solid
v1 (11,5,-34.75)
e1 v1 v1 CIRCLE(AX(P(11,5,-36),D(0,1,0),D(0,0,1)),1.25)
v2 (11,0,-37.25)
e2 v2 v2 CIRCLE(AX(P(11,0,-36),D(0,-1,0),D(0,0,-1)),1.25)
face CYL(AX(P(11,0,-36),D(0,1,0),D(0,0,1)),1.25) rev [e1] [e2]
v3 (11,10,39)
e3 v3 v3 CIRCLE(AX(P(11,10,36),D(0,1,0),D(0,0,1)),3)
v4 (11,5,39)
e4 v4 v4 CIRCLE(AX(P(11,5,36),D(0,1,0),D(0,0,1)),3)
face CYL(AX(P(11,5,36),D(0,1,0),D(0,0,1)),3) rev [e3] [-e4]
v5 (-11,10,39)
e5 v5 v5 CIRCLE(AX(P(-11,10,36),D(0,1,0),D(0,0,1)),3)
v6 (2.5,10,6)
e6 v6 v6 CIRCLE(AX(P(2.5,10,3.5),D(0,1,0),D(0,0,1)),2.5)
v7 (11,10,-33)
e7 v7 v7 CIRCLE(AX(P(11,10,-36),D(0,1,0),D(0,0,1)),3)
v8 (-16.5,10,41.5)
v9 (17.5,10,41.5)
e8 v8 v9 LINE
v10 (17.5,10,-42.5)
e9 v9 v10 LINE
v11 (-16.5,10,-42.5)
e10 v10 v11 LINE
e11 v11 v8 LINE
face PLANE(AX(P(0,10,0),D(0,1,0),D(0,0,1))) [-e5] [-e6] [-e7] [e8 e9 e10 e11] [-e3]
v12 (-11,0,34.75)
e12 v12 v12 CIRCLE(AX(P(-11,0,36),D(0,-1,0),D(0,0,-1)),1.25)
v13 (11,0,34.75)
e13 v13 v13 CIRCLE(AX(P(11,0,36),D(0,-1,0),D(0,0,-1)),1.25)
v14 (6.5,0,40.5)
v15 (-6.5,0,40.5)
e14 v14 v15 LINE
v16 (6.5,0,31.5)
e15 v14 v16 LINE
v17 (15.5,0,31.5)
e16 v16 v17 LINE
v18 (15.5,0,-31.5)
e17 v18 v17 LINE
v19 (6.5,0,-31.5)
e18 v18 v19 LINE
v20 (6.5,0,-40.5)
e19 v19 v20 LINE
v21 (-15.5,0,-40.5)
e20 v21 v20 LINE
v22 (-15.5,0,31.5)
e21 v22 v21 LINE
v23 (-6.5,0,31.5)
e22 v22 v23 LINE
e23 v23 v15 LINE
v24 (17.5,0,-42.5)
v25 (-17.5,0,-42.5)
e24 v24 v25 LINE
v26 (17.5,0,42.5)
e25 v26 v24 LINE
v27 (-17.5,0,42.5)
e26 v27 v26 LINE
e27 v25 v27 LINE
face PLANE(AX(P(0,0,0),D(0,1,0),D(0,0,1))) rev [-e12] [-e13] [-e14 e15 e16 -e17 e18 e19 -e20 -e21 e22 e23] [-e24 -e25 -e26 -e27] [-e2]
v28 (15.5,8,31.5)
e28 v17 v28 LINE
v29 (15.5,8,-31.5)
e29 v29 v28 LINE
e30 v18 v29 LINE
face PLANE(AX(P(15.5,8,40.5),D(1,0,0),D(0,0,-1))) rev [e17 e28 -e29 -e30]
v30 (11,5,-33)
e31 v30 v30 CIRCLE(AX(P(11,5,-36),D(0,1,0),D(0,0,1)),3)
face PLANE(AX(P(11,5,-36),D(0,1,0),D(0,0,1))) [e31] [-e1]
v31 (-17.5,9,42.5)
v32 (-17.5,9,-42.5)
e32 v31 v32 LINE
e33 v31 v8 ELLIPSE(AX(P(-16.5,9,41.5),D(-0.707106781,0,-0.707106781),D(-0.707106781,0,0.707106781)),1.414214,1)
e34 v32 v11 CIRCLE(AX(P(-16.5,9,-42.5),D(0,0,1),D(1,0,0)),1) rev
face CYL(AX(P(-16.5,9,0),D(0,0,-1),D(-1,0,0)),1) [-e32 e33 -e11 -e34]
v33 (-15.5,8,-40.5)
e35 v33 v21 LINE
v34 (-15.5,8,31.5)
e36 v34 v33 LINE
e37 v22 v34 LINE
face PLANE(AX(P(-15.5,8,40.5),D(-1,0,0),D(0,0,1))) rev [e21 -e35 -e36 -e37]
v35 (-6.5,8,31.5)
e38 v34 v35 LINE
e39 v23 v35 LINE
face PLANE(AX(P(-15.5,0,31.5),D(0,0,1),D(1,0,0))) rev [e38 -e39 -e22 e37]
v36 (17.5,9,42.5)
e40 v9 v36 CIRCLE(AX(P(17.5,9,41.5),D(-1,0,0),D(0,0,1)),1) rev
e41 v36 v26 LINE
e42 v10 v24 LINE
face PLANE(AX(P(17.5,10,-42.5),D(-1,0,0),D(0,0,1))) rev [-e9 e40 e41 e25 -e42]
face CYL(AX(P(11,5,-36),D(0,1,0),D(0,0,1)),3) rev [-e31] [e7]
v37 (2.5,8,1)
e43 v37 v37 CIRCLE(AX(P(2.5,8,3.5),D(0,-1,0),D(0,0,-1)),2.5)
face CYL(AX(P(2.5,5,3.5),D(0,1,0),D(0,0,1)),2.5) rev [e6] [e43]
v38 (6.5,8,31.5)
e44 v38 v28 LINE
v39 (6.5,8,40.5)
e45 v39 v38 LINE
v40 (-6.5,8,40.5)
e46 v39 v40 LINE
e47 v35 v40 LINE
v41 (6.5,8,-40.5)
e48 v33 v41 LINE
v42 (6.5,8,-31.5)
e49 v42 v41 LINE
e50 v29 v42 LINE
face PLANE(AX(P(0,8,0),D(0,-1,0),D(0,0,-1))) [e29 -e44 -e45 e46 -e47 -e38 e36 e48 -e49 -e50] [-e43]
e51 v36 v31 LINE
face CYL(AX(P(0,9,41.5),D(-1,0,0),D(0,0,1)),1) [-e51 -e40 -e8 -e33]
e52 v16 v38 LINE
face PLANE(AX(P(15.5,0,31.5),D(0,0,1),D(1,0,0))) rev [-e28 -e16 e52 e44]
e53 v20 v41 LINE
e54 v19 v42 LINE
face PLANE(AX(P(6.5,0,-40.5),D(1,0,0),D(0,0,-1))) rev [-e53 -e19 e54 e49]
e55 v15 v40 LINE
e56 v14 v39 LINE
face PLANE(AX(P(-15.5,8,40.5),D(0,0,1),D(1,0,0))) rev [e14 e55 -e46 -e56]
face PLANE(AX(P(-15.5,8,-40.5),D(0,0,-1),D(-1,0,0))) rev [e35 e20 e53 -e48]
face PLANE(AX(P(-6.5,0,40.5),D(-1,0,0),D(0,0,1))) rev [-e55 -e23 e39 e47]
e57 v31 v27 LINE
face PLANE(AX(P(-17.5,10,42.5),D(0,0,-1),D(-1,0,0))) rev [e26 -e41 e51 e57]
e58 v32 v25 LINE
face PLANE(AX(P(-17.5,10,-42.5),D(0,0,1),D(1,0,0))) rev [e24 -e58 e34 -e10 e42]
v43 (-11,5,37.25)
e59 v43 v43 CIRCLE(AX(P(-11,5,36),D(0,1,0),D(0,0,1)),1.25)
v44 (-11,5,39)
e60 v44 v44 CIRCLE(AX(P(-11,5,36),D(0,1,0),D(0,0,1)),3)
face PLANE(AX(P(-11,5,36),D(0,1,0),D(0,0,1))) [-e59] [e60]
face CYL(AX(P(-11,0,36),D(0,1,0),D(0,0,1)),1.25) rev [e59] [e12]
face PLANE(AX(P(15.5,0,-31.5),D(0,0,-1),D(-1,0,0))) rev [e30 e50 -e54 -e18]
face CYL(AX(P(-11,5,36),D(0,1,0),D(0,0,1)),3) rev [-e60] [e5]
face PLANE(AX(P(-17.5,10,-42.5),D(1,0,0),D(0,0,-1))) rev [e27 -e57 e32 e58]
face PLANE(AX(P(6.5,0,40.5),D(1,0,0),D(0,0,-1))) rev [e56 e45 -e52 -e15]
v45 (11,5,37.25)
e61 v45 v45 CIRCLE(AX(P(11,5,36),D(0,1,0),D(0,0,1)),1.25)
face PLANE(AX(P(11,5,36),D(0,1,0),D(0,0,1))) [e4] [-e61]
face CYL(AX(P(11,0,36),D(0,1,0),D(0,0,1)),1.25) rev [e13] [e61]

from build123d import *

# Parameters (mm, degrees)
SKETCH1_W           = 35
SKETCH1_H           = 85
BOSS_EXTRUDE1_DEPTH = 10
SKETCH2_W           = 31
SKETCH2_H           = 81
CUT_EXTRUDE1_DEPTH  = 8
SKETCH3_W           = 9
SKETCH3_H           = 9
SKETCH3_R           = 1.25
BOSS_EXTRUDE2_DEPTH = 8
CUT_EXTRUDE3_START  = -10
SKETCH4_R           = 1.25
CUT_EXTRUDE3_DEPTH  = 10
SKETCH5_R           = 3
CUT_EXTRUDE4_DEPTH  = 5
FILLET1_R           = 1
SKETCH6_R           = 2.5
CUT_EXTRUDE5_DEPTH  = 5


with BuildPart() as part:
    # Sketch1 → Boss-Extrude1 (new body)
    with BuildSketch(Plane(origin=(0, 0, 0), x_dir=(1, 0, 0), z_dir=(0, 1, 0))):
        Rectangle(SKETCH1_W, SKETCH1_H)
    extrude(amount=BOSS_EXTRUDE1_DEPTH)

    # Sketch2 → Cut-Extrude1 (cut)
    with BuildSketch(Plane.XZ):
        Rectangle(SKETCH2_W, SKETCH2_H)
    extrude(amount=-CUT_EXTRUDE1_DEPTH, mode=Mode.SUBTRACT)

    # Sketch3 → Boss-Extrude2 (add)
    # profile 1 of 3: a face of its own
    with BuildSketch(Plane.XZ.offset(-8)):
        with Locations((-11, 36)):
            Rectangle(SKETCH3_W, SKETCH3_H)
        with Locations(Location((-11, 36, 0), (0, 0, 270))):
            Circle(SKETCH3_R, mode=Mode.SUBTRACT)
    # profile 2 of 3: a face of its own
    with BuildSketch(Plane.XZ.offset(-8)):
        with Locations((11, 36)):
            Rectangle(SKETCH3_W, SKETCH3_H)
        with Locations(Location((11, 36, 0), (0, 0, 270))):
            Circle(SKETCH3_R, mode=Mode.SUBTRACT)
    # profile 3 of 3: a face of its own
    with BuildSketch(Plane.XZ.offset(-8)):
        with Locations((11, -36)):
            Rectangle(SKETCH3_W, SKETCH3_H)
        with Locations(Location((11, -36, 0), (0, 0, 270))):
            Circle(SKETCH3_R, mode=Mode.SUBTRACT)
    extrude(amount=BOSS_EXTRUDE2_DEPTH)

    # Sketch4 → Cut-Extrude3 (cut)
    with BuildSketch(Plane.XZ.offset(CUT_EXTRUDE3_START)):
        with Locations(Location((-11, 36, 0), (0, 0, 270))):
            Circle(SKETCH4_R)
        with Locations(Location((11, 36, 0), (0, 0, 270))):
            Circle(SKETCH4_R)
        with Locations(Location((11, -36, 0), (0, 0, 270))):
            Circle(SKETCH4_R)
    extrude(amount=CUT_EXTRUDE3_DEPTH, mode=Mode.SUBTRACT)

    # Sketch5 → Cut-Extrude4 (cut)
    with BuildSketch(Plane(origin=(0, 10, 0), x_dir=(1, 0, 0), z_dir=(0, 1, 0))):
        with Locations(Location((11, -36, 0), (0, 0, 270))):
            Circle(SKETCH5_R)
        with Locations(Location((-11, -36, 0), (0, 0, 270))):
            Circle(SKETCH5_R)
        with Locations(Location((11, 36, 0), (0, 0, 270))):
            Circle(SKETCH5_R)
    extrude(amount=-CUT_EXTRUDE4_DEPTH, mode=Mode.SUBTRACT)

    # Fillet1
    fillet1_edges = [part.edges().sort_by_distance(p)[0] for p in [
        (-17.5, 10, 0),
        (0, 10, 42.5),
    ]]
    fillet(fillet1_edges, radius=FILLET1_R)

    # Sketch6 → Cut-Extrude5 (cut)
    with BuildSketch(Plane(origin=(0, 10, 0), x_dir=(1, 0, 0), z_dir=(0, 1, 0))):
        with Locations(Location((2.5, -3.5, 0), (0, 0, 270))):
            Circle(SKETCH6_R)
    extrude(amount=-CUT_EXTRUDE5_DEPTH, mode=Mode.SUBTRACT)


solid = part.part
